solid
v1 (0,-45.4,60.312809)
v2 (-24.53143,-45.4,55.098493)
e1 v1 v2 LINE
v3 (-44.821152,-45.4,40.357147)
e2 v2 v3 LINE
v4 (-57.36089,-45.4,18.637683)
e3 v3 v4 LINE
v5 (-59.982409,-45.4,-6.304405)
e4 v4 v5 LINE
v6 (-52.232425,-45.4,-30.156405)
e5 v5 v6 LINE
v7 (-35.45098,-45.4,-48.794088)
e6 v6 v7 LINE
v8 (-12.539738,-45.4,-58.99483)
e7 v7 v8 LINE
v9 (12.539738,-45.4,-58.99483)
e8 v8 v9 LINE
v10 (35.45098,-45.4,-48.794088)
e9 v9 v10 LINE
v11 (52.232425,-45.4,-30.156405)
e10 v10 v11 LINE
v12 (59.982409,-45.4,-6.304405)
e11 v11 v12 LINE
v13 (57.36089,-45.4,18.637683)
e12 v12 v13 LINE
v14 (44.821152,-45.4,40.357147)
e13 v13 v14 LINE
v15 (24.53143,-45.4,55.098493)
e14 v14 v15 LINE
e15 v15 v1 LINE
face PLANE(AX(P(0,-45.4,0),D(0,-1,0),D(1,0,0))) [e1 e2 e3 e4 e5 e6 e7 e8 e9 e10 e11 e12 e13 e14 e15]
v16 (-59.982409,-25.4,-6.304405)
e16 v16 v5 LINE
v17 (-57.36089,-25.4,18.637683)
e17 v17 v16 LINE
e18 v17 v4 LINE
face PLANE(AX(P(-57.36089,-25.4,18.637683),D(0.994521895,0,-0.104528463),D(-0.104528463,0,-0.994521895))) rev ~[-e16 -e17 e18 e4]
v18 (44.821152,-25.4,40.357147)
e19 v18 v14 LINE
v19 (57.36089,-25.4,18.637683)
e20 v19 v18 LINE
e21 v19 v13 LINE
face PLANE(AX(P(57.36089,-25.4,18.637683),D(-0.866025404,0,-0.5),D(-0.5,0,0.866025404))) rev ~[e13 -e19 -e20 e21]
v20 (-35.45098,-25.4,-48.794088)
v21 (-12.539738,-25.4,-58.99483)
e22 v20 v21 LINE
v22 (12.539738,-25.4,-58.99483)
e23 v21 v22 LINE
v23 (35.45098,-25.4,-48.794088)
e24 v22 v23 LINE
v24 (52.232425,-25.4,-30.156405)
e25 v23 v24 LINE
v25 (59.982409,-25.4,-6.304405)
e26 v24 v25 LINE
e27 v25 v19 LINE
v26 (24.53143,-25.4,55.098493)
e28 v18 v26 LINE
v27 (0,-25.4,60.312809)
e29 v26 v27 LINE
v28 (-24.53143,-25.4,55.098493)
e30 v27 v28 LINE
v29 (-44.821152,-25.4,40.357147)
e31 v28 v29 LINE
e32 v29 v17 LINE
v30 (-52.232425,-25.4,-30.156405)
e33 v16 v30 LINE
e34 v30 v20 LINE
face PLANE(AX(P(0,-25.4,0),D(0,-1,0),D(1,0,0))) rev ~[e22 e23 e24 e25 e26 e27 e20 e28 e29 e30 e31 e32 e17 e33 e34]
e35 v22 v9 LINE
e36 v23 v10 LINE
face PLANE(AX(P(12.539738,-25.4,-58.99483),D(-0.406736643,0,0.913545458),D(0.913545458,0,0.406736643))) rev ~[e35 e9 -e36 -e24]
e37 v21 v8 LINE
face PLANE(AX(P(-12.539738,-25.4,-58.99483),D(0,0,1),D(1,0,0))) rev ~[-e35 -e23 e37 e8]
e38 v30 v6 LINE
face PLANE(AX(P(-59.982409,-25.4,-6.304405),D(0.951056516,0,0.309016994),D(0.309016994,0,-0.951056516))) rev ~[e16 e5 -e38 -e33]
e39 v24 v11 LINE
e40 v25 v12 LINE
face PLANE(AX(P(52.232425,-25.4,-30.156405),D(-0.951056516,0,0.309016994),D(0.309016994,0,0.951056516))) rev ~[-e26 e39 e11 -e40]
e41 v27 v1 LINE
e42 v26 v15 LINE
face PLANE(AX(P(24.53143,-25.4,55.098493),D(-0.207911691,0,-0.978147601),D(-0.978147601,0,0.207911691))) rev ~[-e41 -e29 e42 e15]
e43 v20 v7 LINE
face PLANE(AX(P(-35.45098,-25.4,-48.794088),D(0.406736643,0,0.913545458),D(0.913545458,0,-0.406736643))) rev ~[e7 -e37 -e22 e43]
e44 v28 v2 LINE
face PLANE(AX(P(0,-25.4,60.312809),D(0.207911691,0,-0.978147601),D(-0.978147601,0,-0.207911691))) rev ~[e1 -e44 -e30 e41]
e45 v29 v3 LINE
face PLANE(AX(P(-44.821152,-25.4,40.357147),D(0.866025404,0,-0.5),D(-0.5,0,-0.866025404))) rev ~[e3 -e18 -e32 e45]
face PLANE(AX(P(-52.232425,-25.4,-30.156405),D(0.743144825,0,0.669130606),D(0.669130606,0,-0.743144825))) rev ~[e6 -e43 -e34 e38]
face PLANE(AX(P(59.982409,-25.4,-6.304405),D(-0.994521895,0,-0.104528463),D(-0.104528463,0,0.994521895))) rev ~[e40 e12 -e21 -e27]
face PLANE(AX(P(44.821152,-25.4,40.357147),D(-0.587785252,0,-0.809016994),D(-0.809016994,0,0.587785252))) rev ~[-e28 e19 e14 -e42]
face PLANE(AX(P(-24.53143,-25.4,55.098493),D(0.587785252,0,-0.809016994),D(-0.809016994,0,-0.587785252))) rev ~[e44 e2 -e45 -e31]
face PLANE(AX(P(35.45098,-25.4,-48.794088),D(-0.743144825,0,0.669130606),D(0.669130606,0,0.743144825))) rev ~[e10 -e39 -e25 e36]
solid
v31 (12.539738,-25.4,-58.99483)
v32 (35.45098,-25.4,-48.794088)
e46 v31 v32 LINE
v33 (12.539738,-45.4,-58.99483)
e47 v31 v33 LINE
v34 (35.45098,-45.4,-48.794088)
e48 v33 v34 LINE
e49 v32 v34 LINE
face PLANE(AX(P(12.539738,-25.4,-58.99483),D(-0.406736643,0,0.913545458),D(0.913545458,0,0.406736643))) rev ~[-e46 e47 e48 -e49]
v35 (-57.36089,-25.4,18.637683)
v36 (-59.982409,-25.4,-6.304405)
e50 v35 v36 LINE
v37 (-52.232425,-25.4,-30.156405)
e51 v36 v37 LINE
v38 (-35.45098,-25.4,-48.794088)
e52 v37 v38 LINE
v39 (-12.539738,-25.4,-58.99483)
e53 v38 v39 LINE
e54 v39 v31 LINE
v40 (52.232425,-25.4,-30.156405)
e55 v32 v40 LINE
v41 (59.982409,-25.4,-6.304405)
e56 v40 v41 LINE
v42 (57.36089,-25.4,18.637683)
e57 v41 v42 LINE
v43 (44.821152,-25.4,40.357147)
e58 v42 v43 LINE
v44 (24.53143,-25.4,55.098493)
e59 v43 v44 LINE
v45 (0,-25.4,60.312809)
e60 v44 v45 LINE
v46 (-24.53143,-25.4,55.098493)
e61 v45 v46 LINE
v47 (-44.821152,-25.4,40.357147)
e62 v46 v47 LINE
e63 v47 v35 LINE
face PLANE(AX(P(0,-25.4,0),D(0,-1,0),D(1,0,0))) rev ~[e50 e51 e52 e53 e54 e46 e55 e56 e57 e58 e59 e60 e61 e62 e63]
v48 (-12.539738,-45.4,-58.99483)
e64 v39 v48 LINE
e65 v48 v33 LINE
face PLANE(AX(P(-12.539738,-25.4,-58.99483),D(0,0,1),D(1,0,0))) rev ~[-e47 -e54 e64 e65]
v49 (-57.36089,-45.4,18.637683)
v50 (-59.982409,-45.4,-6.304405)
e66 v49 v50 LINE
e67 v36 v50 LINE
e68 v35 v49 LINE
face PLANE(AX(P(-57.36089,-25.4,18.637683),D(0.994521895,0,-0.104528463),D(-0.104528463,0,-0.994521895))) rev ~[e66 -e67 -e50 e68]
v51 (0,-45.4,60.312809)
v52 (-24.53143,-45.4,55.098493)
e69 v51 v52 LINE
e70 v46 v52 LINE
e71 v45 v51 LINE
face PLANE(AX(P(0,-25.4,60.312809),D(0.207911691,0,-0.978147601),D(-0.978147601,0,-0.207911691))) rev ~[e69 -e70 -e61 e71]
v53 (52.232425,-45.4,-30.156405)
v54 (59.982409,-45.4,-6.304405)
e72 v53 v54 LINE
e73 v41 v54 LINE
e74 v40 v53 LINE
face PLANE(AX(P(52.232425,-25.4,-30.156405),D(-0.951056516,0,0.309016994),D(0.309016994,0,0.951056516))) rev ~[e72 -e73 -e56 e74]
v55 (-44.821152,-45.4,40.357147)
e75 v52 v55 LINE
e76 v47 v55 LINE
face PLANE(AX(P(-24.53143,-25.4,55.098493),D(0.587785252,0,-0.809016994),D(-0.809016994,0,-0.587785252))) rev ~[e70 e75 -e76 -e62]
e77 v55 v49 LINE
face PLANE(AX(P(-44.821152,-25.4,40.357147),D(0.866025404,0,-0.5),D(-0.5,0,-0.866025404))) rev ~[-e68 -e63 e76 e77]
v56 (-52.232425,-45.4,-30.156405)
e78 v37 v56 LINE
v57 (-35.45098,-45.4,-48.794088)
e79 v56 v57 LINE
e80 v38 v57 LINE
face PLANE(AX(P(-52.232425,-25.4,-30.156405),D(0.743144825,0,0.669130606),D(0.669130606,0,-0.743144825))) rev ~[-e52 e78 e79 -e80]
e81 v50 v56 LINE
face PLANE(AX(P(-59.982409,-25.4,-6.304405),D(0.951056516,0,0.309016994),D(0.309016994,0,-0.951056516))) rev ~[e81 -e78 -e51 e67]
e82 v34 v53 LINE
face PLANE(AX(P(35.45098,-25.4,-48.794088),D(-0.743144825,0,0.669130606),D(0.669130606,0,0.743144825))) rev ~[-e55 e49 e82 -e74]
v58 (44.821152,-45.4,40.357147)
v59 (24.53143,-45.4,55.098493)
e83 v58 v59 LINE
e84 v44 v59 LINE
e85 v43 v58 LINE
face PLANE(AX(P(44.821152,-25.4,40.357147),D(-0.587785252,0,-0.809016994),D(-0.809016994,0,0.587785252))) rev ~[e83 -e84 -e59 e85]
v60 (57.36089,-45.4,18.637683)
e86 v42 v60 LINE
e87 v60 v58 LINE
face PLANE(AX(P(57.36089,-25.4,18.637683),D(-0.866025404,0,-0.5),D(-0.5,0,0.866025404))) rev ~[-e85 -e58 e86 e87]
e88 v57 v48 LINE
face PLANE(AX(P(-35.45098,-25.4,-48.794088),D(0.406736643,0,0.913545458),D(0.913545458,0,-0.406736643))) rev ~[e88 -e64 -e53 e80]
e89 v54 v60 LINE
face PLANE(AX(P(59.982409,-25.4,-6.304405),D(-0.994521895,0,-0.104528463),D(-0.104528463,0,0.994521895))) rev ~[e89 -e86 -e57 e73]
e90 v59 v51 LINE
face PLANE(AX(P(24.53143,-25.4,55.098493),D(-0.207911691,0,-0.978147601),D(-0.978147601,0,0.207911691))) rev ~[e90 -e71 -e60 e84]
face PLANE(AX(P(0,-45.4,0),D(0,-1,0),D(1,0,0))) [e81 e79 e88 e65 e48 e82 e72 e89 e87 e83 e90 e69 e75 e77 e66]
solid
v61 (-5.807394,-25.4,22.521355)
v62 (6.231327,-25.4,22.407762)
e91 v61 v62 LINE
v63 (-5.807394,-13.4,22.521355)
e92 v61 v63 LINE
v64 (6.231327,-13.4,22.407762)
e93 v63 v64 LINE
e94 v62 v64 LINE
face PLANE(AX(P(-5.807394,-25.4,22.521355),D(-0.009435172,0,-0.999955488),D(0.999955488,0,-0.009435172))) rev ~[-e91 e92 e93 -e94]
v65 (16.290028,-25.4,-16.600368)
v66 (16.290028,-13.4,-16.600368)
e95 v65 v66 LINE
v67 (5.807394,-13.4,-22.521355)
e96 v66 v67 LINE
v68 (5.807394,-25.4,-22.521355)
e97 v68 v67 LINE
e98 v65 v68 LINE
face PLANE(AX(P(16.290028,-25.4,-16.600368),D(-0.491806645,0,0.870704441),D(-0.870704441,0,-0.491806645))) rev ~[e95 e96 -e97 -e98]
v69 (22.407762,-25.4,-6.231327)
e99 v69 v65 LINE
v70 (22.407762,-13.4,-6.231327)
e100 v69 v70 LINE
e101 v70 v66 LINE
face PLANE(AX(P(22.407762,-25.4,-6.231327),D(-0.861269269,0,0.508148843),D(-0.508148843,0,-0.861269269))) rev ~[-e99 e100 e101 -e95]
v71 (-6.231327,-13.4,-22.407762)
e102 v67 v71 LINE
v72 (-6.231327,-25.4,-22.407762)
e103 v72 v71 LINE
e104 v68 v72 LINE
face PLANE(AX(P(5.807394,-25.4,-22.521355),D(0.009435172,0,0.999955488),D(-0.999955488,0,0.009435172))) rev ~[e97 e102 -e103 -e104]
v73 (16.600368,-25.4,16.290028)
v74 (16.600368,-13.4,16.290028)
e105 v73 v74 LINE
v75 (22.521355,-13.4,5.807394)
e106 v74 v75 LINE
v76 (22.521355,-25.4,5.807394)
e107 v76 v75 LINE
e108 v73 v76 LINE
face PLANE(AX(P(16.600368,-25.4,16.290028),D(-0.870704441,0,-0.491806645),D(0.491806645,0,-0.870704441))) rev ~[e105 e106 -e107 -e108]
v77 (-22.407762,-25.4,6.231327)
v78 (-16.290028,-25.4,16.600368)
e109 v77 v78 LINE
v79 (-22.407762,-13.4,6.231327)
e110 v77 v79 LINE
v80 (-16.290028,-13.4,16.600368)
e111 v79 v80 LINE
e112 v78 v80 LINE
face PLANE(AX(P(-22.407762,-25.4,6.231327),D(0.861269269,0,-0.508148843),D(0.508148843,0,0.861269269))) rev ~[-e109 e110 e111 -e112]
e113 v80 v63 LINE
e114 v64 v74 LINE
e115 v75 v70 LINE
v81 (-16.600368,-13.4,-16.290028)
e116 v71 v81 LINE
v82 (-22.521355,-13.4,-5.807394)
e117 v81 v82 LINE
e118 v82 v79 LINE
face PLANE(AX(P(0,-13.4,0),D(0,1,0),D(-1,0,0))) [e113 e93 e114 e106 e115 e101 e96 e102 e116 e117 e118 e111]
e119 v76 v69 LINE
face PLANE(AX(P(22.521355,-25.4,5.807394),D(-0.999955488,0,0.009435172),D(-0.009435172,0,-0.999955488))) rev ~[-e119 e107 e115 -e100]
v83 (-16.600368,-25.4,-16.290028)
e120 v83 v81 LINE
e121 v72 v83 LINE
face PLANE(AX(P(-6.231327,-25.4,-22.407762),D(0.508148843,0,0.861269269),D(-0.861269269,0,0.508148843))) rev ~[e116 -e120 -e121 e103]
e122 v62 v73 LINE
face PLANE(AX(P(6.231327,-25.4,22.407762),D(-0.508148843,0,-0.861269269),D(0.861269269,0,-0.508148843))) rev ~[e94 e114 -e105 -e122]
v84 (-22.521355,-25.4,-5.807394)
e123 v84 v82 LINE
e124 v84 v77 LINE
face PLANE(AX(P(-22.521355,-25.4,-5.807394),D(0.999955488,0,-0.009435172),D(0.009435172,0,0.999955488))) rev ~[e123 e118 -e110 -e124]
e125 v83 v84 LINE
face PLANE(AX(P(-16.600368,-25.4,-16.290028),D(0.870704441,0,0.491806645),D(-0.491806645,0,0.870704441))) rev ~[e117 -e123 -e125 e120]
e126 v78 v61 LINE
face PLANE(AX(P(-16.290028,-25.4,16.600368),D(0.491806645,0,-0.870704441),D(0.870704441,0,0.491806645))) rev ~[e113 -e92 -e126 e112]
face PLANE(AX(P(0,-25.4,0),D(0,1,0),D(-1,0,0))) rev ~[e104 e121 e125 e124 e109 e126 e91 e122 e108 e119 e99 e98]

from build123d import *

# Parameters (mm, degrees)
F3_DEPTH = 20
F2_R     = 39.8942276876
F5_DEPTH = 12


with BuildPart() as f3:
    # F1 (on offset) → F3 (new body)
    with BuildSketch(Plane.XZ.offset(25.4)):
        Polygon((-12.5397381477, -58.9948296547), (12.5397381477, -58.9948296547), (35.4509797974, -48.7940876562), (52.2324249782, -30.1564046216), (59.9824093635, -6.3044052655), (57.3608902468, 18.6376830346), (44.821152099, 40.3571466201), (24.531429566, 55.0984929217), (0, 60.3128092431), (-24.531429566, 55.0984929217), (-44.821152099, 40.3571466201), (-57.3608902468, 18.6376830346), (-59.9824093635, -6.3044052655), (-52.2324249782, -30.1564046216), (-35.4509797974, -48.7940876562), align=None)
    extrude(amount=F3_DEPTH)


with BuildPart() as f3b:
    # F2 (on face) → F3, piece 2 (new body)
    with BuildSketch(Plane.XZ.offset(25.4)):
        Polygon((-35.4509797974, -48.7940876562), (-12.5397381477, -58.9948296547), (12.5397381477, -58.9948296547), (35.4509797974, -48.7940876562), (52.2324249782, -30.1564046216), (59.9824093635, -6.3044052655), (57.3608902468, 18.6376830346), (44.821152099, 40.3571466201), (24.531429566, 55.0984929217), (0, 60.3128092431), (-24.531429566, 55.0984929217), (-44.821152099, 40.3571466201), (-57.3608902468, 18.6376830346), (-59.9824093635, -6.3044052655), (-52.2324249782, -30.1564046216), align=None)
        Circle(F2_R, mode=Mode.SUBTRACT)
        Circle(F2_R)
    extrude(amount=F3_DEPTH)


with BuildPart() as f5:
    # F4 (on face) → F5 (new body)
    with BuildSketch(Plane(origin=(0, -25.4, 0), x_dir=(-1, 0, 0), z_dir=(0, 1, 0))):
        Polygon((-6.23132674, 22.4077623165), (-16.6003684143, 16.290028038), (-22.521354778, 5.8073939021), (-22.4077623165, -6.23132674), (-16.290028038, -16.6003684143), (-5.8073939021, -22.521354778), (6.23132674, -22.4077623165), (16.6003684143, -16.290028038), (22.521354778, -5.8073939021), (22.4077623165, 6.23132674), (16.290028038, 16.6003684143), (5.8073939021, 22.521354778), align=None)
    extrude(amount=F5_DEPTH)


solid = Compound([f3.part, f3b.part, f5.part])
